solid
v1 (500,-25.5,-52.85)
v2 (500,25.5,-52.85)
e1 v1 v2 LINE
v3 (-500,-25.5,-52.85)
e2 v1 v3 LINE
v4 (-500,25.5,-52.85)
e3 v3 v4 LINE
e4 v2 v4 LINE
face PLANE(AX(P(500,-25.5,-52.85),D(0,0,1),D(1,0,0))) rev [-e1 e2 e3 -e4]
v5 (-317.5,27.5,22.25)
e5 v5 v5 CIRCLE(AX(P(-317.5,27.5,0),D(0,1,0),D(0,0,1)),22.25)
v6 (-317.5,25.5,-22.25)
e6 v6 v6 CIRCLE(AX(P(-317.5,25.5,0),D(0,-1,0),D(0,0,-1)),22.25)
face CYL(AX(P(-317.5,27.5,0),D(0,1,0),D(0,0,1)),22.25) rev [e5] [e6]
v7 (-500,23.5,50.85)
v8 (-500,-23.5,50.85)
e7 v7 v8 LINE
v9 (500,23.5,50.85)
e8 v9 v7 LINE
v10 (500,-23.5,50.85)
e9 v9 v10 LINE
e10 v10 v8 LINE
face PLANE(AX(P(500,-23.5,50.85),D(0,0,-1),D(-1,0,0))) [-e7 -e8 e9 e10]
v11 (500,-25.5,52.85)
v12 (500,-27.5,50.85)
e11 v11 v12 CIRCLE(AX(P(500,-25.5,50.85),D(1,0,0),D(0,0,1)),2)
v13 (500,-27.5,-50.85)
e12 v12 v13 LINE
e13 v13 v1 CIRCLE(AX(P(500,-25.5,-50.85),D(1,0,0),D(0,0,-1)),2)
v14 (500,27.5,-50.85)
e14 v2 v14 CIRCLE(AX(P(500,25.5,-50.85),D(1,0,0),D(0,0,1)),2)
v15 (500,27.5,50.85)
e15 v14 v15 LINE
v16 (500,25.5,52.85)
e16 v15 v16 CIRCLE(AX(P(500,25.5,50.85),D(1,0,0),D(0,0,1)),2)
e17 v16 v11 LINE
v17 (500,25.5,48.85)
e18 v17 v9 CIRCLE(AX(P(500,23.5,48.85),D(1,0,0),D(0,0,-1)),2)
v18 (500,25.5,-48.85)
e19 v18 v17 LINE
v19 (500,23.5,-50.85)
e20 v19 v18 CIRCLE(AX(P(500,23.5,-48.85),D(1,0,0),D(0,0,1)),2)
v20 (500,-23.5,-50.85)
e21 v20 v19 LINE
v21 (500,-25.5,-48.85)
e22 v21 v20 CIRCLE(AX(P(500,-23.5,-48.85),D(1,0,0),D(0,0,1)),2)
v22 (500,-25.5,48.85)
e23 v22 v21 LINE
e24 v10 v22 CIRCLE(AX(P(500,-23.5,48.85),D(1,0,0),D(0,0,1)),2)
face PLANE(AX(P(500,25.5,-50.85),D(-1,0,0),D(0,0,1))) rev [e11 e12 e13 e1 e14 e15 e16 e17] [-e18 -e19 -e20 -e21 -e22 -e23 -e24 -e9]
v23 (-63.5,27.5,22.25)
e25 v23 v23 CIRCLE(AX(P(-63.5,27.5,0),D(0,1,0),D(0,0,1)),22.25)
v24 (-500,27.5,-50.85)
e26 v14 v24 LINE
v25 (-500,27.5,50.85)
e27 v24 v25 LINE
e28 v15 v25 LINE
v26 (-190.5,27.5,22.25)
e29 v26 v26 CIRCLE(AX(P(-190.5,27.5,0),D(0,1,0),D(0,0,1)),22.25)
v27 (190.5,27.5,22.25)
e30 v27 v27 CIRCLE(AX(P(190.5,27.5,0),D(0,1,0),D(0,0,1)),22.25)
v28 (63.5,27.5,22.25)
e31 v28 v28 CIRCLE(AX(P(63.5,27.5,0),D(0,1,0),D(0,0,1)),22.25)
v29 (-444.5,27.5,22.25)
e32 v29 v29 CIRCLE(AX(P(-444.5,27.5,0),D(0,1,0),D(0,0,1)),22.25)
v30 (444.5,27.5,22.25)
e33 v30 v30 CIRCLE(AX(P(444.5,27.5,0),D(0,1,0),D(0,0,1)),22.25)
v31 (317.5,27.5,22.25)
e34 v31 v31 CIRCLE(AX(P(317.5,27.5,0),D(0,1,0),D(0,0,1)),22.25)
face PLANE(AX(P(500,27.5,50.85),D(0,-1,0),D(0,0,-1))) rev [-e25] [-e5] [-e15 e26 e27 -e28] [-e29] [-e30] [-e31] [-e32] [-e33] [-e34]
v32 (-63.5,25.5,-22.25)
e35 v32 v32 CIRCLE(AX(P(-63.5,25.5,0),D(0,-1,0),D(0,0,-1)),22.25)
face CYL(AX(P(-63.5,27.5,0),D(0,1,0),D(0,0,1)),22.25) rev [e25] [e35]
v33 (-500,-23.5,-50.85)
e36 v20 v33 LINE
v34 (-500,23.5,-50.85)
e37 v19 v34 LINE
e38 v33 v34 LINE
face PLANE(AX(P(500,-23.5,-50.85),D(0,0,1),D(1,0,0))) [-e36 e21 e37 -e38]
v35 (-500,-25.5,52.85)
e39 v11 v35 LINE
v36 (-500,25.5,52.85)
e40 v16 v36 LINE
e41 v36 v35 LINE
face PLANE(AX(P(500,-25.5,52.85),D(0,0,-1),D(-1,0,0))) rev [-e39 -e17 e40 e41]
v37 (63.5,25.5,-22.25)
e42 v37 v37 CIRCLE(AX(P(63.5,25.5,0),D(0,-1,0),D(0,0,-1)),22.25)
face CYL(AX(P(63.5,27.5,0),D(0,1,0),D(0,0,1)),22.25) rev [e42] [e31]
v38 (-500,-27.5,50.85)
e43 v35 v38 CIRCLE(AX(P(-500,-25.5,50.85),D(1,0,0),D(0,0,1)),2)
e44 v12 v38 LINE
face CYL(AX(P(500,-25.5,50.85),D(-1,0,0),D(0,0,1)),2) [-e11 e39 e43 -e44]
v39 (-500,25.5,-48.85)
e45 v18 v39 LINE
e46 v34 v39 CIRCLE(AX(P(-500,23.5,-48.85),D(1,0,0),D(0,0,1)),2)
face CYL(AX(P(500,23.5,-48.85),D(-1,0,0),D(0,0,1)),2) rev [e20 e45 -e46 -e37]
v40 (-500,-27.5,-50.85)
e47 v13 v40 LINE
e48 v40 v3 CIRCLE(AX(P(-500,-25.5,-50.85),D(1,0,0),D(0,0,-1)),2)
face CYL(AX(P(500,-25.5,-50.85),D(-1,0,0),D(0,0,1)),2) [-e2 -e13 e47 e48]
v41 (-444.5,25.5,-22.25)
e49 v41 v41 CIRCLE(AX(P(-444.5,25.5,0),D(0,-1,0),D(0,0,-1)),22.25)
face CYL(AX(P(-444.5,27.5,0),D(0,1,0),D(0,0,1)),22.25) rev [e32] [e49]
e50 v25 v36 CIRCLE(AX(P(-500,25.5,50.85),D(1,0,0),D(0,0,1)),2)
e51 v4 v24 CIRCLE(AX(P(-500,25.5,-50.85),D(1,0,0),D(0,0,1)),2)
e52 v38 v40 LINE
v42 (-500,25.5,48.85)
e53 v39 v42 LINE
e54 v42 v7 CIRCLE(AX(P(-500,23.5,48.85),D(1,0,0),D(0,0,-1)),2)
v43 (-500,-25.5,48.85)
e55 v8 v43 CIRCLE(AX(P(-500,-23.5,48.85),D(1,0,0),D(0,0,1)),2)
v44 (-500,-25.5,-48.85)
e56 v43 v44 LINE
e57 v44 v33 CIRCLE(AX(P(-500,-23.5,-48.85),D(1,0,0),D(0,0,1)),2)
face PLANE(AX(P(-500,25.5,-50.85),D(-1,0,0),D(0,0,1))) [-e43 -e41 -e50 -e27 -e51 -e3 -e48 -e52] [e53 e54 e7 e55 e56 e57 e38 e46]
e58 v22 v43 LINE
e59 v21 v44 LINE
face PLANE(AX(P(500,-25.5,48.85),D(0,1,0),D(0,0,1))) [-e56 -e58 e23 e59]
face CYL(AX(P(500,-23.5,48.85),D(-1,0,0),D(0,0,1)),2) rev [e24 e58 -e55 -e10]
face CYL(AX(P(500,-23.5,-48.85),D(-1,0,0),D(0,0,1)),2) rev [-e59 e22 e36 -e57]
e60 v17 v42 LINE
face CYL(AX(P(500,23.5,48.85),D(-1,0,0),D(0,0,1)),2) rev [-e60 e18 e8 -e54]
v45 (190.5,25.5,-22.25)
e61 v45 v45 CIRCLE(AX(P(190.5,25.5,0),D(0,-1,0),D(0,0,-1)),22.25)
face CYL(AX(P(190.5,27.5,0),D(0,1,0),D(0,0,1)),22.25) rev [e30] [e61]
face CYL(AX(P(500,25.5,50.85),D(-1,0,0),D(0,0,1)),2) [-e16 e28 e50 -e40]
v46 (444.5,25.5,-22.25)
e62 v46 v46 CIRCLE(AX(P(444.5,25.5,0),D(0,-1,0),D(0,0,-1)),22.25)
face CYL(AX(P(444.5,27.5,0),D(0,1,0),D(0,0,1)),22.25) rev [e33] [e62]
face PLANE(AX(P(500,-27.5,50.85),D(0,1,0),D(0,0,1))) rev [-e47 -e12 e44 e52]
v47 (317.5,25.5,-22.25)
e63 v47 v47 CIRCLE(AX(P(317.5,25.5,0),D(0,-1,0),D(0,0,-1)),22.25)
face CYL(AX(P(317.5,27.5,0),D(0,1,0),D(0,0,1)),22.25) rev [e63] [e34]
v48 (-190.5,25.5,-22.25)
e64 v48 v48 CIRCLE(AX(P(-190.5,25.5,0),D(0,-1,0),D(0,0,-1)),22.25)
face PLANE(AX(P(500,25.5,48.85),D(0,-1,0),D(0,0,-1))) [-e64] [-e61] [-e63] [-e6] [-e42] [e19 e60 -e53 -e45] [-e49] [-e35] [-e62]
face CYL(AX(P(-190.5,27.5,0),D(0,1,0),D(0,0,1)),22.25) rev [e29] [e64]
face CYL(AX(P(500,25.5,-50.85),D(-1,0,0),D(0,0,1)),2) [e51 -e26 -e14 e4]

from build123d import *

# Parameters (mm, degrees)
BOSS_EXTRUDE1_DEPTH              = 500
F_0_15_44_5_DIAMETER_HOLE1_D     = 44.5
F_0_15_44_5_DIAMETER_HOLE1_DEPTH = 2


with BuildPart() as part:
    # Sketch1 → Boss-Extrude1 (new, symmetric)
    with BuildSketch(Plane(origin=(0, 0, 0), x_dir=(0, 0, -1), z_dir=(1, 0, 0))):
        with BuildLine():
            Line((-50.85, -27.5), (50.85, -27.5))
            ThreePointArc((50.85, -27.5), (52.264213562, -26.914213562), (52.85, -25.5))
            Line((52.85, -25.5), (52.85, 25.5))
            ThreePointArc((52.85, 25.5), (52.264213562, 26.914213562), (50.85, 27.5))
            Line((50.85, 27.5), (-50.85, 27.5))
            ThreePointArc((-50.85, 27.5), (-52.264213562, 26.914213562), (-52.85, 25.5))
            Line((-52.85, 25.5), (-52.85, -25.5))
            ThreePointArc((-52.85, -25.5), (-52.264213562, -26.914213562), (-50.85, -27.5))
        make_face()
        with BuildLine():
            Line((-48.85, 25.5), (48.85, 25.5))
            ThreePointArc((48.85, 25.5), (50.264213562, 24.914213562), (50.85, 23.5))
            Line((50.85, 23.5), (50.85, -23.5))
            ThreePointArc((50.85, -23.5), (50.264213562, -24.914213562), (48.85, -25.5))
            Line((48.85, -25.5), (-48.85, -25.5))
            ThreePointArc((-48.85, -25.5), (-50.264213562, -24.914213562), (-50.85, -23.5))
            Line((-50.85, -23.5), (-50.85, 23.5))
            ThreePointArc((-50.85, 23.5), (-50.264213562, 24.914213562), (-48.85, 25.5))
        make_face(mode=Mode.SUBTRACT)
    extrude(amount=BOSS_EXTRUDE1_DEPTH, both=True)

    # Ø0.15 (44.5) Diameter Hole1
    with Locations(Plane(origin=(0, 27.5, 0), x_dir=(1, 0, 0), z_dir=(0, 1, 0))):
        with Locations((-444.5, 0), (-317.5, 0), (-190.5, 0), (-63.5, 0), (63.5, 0), (190.5, 0), (317.5, 0), (444.5, 0)):
            Hole(F_0_15_44_5_DIAMETER_HOLE1_D / 2, depth=F_0_15_44_5_DIAMETER_HOLE1_DEPTH)


solid = part.part
